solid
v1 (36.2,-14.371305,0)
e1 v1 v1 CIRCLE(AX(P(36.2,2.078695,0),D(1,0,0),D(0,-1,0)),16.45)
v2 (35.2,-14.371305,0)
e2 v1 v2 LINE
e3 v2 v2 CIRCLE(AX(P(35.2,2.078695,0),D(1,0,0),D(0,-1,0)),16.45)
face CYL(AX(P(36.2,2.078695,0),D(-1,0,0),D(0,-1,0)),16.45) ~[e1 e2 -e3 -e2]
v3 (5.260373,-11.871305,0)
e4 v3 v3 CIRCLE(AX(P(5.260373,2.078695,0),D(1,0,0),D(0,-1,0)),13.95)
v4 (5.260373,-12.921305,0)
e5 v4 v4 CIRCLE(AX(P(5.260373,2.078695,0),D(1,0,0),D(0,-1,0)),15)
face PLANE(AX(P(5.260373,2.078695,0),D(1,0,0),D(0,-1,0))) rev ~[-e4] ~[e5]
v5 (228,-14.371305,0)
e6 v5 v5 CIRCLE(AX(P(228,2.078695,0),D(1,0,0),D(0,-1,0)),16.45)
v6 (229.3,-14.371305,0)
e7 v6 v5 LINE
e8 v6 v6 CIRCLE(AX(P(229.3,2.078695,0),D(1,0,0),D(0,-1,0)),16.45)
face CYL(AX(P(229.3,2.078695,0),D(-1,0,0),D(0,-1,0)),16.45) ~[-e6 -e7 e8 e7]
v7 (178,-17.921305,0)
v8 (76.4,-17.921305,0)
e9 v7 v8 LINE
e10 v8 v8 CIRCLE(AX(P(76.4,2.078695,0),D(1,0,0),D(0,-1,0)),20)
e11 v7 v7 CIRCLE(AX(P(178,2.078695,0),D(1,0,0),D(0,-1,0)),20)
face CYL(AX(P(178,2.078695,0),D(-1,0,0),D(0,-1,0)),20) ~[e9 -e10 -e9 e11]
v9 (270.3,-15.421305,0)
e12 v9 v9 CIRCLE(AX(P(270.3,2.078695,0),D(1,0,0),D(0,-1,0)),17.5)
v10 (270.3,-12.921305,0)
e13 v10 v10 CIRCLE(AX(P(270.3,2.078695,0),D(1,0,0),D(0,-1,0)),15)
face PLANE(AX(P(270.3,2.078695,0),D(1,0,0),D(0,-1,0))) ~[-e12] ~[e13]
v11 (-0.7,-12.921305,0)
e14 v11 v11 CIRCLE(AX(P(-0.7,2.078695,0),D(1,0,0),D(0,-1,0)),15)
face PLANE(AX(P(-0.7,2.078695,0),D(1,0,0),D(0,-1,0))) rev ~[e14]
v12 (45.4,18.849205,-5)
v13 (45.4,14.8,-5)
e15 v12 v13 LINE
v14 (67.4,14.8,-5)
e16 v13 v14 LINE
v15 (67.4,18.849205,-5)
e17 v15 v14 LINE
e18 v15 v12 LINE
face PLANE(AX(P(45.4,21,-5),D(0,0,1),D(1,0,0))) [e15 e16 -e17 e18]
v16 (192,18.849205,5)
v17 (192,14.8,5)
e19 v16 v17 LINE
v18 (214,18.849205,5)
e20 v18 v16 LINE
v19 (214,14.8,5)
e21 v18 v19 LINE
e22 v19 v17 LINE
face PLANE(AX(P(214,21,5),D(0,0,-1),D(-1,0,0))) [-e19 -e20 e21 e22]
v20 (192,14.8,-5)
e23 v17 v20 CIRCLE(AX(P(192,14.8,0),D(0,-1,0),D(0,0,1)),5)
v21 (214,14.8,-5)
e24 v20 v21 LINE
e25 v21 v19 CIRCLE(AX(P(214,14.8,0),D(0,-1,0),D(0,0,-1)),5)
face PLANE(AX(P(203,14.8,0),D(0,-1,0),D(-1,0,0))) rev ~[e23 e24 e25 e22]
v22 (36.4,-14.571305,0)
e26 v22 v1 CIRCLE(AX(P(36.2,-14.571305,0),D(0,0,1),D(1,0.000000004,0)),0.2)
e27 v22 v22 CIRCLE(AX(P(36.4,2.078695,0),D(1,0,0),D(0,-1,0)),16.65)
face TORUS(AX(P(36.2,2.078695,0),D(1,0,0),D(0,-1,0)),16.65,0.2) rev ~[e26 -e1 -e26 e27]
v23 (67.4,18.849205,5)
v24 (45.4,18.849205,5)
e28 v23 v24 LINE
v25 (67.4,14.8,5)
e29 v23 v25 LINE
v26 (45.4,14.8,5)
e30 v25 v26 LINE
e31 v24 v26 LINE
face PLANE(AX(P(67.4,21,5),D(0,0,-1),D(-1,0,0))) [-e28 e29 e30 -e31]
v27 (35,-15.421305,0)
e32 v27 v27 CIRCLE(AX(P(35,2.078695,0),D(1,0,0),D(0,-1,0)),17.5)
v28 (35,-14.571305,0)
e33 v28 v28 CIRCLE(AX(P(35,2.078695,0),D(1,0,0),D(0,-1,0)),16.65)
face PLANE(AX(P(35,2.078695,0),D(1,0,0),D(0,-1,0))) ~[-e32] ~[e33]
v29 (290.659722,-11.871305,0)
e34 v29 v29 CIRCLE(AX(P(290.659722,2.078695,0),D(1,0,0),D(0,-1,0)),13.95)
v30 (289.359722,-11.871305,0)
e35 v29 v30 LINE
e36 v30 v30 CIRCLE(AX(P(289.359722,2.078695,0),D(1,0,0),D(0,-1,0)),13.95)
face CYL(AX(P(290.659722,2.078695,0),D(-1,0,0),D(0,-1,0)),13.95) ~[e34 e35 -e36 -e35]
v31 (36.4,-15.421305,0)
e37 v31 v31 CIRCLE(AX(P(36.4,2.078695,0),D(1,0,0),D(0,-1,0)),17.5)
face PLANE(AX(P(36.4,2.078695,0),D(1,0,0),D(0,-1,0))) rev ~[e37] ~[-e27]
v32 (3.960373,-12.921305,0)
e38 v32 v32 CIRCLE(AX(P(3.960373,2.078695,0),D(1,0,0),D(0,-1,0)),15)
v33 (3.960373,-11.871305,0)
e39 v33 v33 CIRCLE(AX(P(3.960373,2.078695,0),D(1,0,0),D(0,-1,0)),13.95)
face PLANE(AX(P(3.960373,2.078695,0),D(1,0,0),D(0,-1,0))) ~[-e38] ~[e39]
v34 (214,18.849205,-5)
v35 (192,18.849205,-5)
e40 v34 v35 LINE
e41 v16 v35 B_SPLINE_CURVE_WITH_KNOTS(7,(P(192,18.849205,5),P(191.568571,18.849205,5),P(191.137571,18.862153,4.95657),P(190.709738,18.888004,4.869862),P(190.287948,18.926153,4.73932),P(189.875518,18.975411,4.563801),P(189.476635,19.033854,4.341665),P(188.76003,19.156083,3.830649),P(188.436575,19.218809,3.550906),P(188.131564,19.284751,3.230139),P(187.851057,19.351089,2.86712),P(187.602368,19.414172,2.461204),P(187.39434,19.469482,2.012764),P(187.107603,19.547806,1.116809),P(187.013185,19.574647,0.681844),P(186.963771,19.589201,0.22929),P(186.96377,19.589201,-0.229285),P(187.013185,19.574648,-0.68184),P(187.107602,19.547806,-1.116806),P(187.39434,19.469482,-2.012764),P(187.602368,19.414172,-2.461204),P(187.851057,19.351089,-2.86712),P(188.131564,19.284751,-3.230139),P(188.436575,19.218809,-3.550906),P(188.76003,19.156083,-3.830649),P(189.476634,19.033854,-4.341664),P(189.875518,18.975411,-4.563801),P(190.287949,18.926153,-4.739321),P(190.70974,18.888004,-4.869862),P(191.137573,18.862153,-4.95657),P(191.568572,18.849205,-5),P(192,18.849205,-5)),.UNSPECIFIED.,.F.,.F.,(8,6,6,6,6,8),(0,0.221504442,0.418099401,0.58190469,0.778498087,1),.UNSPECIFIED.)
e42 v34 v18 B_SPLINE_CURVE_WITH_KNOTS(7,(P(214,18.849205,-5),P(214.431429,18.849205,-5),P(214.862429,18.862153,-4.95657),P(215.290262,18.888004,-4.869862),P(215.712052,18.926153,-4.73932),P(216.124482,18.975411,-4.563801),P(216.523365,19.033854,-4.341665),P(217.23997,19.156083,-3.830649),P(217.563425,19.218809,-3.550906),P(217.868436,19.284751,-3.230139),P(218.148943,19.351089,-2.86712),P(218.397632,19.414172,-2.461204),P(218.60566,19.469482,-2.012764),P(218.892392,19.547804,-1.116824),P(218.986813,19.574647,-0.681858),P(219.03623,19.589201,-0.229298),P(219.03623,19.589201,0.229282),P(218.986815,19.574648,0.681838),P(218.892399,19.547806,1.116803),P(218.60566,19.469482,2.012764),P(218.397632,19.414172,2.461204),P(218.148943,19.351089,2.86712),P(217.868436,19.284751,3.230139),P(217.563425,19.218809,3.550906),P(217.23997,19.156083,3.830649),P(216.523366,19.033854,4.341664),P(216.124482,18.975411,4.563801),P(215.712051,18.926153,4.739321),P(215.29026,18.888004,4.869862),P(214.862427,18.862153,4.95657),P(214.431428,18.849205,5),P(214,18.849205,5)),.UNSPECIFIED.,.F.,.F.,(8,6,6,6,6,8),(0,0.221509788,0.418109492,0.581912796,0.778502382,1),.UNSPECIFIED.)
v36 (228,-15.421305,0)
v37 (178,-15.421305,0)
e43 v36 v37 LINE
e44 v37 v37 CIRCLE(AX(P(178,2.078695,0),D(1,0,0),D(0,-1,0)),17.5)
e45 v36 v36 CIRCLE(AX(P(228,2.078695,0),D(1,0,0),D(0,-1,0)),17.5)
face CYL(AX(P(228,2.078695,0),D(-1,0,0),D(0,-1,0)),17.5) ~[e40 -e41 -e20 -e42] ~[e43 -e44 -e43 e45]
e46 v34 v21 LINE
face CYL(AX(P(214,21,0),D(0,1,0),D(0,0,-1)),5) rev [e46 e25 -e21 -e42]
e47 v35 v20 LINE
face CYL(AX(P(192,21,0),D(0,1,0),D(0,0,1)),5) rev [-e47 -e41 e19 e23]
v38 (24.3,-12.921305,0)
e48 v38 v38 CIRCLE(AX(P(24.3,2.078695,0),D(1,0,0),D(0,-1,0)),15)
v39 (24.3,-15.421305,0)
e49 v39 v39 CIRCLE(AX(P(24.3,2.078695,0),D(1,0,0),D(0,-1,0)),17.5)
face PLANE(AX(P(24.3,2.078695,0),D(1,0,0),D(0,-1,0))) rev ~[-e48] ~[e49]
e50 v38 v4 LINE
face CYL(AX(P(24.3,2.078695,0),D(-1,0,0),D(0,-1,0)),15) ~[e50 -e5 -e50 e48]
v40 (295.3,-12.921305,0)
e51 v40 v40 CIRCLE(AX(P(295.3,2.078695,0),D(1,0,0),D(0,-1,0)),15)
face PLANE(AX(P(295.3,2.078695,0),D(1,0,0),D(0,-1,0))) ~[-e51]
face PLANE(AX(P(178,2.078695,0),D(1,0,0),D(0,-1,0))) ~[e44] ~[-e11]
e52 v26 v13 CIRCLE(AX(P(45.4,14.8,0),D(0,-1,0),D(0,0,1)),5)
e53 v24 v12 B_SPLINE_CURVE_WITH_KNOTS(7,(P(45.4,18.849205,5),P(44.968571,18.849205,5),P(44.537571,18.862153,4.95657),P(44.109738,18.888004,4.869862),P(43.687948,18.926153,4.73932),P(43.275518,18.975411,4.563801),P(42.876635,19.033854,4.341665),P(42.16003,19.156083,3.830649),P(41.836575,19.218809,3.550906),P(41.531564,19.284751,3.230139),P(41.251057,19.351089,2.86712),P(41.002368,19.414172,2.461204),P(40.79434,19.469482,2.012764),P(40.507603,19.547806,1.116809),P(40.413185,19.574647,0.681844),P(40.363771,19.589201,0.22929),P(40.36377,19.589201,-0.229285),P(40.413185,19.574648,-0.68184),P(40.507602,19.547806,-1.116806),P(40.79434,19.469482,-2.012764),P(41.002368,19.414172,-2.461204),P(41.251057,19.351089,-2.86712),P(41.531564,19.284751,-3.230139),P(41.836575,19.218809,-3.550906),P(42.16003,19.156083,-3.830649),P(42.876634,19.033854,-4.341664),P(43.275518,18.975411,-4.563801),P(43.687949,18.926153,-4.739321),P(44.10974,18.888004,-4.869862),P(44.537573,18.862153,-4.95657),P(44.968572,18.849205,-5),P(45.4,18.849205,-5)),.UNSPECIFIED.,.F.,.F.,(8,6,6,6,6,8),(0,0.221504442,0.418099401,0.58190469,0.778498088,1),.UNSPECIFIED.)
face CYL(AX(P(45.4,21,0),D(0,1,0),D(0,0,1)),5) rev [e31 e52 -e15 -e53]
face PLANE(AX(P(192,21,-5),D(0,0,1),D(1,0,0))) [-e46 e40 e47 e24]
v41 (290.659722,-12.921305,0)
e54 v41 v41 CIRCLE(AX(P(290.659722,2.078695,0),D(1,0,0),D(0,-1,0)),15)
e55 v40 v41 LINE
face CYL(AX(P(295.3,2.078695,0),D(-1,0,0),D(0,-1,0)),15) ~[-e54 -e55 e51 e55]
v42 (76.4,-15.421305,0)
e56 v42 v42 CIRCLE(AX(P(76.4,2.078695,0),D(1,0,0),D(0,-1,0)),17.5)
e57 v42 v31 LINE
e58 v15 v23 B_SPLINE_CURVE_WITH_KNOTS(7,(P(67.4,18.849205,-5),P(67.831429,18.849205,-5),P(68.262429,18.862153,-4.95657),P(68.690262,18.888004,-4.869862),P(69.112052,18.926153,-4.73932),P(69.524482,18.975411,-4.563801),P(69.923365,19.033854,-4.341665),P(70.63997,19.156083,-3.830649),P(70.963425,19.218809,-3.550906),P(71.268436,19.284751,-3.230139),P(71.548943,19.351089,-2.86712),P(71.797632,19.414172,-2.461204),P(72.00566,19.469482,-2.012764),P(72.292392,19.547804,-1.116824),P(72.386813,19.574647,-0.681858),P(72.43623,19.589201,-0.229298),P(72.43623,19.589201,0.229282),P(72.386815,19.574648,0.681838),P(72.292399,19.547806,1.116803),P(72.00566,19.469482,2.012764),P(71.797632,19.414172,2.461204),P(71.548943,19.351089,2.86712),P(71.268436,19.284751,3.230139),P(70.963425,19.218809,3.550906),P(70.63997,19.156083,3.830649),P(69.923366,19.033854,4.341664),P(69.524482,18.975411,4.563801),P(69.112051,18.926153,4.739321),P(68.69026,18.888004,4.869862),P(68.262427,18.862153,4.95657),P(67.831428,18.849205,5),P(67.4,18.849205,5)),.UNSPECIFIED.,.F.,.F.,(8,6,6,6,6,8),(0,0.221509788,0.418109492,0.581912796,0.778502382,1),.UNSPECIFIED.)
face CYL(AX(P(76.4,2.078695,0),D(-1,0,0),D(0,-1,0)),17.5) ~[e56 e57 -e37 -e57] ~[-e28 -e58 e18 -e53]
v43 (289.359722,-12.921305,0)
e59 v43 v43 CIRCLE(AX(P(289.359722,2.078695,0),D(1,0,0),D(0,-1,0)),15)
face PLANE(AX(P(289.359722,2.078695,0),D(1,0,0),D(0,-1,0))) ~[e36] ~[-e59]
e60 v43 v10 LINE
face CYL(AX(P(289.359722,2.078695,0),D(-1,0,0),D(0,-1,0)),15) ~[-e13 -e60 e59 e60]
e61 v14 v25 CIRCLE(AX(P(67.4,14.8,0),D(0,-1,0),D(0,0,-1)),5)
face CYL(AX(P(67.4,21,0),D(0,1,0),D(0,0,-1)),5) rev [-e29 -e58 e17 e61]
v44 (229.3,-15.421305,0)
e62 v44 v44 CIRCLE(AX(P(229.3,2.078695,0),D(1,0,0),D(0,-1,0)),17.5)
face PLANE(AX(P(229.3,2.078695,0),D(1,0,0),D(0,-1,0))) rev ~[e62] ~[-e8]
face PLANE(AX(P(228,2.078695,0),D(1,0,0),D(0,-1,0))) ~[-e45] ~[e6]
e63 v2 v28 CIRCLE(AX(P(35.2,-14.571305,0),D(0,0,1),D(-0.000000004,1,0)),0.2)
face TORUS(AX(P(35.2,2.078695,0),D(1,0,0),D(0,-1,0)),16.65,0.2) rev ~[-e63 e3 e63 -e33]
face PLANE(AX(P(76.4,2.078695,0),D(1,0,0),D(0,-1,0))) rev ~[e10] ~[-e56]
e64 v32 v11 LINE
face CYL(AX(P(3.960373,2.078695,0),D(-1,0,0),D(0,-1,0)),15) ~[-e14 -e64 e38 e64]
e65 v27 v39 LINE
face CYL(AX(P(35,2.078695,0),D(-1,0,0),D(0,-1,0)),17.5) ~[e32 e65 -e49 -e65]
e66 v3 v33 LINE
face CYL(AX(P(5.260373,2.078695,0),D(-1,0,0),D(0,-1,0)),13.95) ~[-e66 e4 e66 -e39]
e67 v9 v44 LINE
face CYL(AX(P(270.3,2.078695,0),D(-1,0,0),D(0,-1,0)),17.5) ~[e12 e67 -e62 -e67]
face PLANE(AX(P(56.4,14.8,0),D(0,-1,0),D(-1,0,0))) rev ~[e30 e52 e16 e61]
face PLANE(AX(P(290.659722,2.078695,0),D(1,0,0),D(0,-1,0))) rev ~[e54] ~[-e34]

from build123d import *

# Parameters (mm, degrees)
CUT_EXTRUDE3_START = 21
CUT_EXTRUDE3_DEPTH = 6.2


with BuildPart() as part:
    # Sketch1 → Revolve1 (revolve)
    with BuildSketch(Plane.XY, mode=Mode.PRIVATE) as revolve1_sk:
        with BuildLine():
            Line((24.3, 17.078694854), (5.260372827, 17.078694854))
            Line((5.260372827, 17.078694854), (5.260372827, 16.028694854))
            Line((5.260372827, 16.028694854), (3.960372827, 16.028694854))
            Line((3.960372827, 16.028694854), (3.960372827, 17.078694854))
            Line((3.960372827, 17.078694854), (-0.7, 17.078694854))
            Line((-0.7, 17.078694854), (-0.7, 2.078694854))
            Line((-0.7, 2.078694854), (295.3, 2.078694854))
            Line((295.3, 2.078694854), (295.3, 17.078694854))
            Line((295.3, 17.078694854), (290.659722162, 17.078694854))
            Line((290.659722162, 17.078694854), (290.659722162, 16.028694854))
            Line((290.659722162, 16.028694854), (289.359722162, 16.028694854))
            Line((289.359722162, 16.028694854), (289.359722162, 17.078694854))
            Line((289.359722162, 17.078694854), (270.3, 17.078694854))
            Line((270.3, 17.078694854), (270.3, 19.578694854))
            Line((270.3, 19.578694854), (229.3, 19.578694854))
            Line((229.3, 19.578694854), (229.3, 18.528694854))
            Line((229.3, 18.528694854), (228, 18.528694854))
            Line((228, 18.528694854), (228, 19.578694854))
            Line((228, 19.578694854), (178, 19.578694854))
            Line((178, 19.578694854), (178, 22.078694854))
            Line((178, 22.078694854), (76.4, 22.078694854))
            Line((76.4, 22.078694854), (76.4, 19.578694854))
            Line((76.4, 19.578694854), (36.4, 19.578694854))
            Line((36.4, 19.578694854), (36.4, 18.728694854))
            ThreePointArc((36.4, 18.728694854), (36.341421356, 18.587273498), (36.2, 18.528694854))
            Line((36.2, 18.528694854), (35.2, 18.528694854))
            ThreePointArc((35.2, 18.528694854), (35.058578644, 18.587273498), (35, 18.728694854))
            Line((35, 18.728694854), (35, 19.578694854))
            Line((35, 19.578694854), (24.3, 19.578694854))
            Line((24.3, 19.578694854), (24.3, 17.078694854))
        make_face()
    revolve(revolve1_sk.sketch.rotate(Axis((-34.240282719, 2.078694854, 0), (1, 0, 0)), 180), axis=Axis((-34.240282719, 2.078694854, 0), (1, 0, 0)))

    # Sketch4 → Cut-Extrude3 (cut)
    with BuildSketch(Plane(origin=(0, 0, 0), x_dir=(1, 0, 0), z_dir=(0, 1, 0)).offset(CUT_EXTRUDE3_START)):
        with BuildLine():
            Line((45.4, 5), (67.4, 5))
            ThreePointArc((67.4, 5), (72.4, 0), (67.4, -5))
            Line((67.4, -5), (45.4, -5))
            ThreePointArc((45.4, -5), (40.4, 0), (45.4, 5))
        make_face()
        with BuildLine():
            Line((192, 5), (214, 5))
            ThreePointArc((214, 5), (219, 0), (214, -5))
            Line((214, -5), (192, -5))
            ThreePointArc((192, -5), (187, 0), (192, 5))
        make_face()
    extrude(amount=-CUT_EXTRUDE3_DEPTH, mode=Mode.SUBTRACT)


solid = part.part
